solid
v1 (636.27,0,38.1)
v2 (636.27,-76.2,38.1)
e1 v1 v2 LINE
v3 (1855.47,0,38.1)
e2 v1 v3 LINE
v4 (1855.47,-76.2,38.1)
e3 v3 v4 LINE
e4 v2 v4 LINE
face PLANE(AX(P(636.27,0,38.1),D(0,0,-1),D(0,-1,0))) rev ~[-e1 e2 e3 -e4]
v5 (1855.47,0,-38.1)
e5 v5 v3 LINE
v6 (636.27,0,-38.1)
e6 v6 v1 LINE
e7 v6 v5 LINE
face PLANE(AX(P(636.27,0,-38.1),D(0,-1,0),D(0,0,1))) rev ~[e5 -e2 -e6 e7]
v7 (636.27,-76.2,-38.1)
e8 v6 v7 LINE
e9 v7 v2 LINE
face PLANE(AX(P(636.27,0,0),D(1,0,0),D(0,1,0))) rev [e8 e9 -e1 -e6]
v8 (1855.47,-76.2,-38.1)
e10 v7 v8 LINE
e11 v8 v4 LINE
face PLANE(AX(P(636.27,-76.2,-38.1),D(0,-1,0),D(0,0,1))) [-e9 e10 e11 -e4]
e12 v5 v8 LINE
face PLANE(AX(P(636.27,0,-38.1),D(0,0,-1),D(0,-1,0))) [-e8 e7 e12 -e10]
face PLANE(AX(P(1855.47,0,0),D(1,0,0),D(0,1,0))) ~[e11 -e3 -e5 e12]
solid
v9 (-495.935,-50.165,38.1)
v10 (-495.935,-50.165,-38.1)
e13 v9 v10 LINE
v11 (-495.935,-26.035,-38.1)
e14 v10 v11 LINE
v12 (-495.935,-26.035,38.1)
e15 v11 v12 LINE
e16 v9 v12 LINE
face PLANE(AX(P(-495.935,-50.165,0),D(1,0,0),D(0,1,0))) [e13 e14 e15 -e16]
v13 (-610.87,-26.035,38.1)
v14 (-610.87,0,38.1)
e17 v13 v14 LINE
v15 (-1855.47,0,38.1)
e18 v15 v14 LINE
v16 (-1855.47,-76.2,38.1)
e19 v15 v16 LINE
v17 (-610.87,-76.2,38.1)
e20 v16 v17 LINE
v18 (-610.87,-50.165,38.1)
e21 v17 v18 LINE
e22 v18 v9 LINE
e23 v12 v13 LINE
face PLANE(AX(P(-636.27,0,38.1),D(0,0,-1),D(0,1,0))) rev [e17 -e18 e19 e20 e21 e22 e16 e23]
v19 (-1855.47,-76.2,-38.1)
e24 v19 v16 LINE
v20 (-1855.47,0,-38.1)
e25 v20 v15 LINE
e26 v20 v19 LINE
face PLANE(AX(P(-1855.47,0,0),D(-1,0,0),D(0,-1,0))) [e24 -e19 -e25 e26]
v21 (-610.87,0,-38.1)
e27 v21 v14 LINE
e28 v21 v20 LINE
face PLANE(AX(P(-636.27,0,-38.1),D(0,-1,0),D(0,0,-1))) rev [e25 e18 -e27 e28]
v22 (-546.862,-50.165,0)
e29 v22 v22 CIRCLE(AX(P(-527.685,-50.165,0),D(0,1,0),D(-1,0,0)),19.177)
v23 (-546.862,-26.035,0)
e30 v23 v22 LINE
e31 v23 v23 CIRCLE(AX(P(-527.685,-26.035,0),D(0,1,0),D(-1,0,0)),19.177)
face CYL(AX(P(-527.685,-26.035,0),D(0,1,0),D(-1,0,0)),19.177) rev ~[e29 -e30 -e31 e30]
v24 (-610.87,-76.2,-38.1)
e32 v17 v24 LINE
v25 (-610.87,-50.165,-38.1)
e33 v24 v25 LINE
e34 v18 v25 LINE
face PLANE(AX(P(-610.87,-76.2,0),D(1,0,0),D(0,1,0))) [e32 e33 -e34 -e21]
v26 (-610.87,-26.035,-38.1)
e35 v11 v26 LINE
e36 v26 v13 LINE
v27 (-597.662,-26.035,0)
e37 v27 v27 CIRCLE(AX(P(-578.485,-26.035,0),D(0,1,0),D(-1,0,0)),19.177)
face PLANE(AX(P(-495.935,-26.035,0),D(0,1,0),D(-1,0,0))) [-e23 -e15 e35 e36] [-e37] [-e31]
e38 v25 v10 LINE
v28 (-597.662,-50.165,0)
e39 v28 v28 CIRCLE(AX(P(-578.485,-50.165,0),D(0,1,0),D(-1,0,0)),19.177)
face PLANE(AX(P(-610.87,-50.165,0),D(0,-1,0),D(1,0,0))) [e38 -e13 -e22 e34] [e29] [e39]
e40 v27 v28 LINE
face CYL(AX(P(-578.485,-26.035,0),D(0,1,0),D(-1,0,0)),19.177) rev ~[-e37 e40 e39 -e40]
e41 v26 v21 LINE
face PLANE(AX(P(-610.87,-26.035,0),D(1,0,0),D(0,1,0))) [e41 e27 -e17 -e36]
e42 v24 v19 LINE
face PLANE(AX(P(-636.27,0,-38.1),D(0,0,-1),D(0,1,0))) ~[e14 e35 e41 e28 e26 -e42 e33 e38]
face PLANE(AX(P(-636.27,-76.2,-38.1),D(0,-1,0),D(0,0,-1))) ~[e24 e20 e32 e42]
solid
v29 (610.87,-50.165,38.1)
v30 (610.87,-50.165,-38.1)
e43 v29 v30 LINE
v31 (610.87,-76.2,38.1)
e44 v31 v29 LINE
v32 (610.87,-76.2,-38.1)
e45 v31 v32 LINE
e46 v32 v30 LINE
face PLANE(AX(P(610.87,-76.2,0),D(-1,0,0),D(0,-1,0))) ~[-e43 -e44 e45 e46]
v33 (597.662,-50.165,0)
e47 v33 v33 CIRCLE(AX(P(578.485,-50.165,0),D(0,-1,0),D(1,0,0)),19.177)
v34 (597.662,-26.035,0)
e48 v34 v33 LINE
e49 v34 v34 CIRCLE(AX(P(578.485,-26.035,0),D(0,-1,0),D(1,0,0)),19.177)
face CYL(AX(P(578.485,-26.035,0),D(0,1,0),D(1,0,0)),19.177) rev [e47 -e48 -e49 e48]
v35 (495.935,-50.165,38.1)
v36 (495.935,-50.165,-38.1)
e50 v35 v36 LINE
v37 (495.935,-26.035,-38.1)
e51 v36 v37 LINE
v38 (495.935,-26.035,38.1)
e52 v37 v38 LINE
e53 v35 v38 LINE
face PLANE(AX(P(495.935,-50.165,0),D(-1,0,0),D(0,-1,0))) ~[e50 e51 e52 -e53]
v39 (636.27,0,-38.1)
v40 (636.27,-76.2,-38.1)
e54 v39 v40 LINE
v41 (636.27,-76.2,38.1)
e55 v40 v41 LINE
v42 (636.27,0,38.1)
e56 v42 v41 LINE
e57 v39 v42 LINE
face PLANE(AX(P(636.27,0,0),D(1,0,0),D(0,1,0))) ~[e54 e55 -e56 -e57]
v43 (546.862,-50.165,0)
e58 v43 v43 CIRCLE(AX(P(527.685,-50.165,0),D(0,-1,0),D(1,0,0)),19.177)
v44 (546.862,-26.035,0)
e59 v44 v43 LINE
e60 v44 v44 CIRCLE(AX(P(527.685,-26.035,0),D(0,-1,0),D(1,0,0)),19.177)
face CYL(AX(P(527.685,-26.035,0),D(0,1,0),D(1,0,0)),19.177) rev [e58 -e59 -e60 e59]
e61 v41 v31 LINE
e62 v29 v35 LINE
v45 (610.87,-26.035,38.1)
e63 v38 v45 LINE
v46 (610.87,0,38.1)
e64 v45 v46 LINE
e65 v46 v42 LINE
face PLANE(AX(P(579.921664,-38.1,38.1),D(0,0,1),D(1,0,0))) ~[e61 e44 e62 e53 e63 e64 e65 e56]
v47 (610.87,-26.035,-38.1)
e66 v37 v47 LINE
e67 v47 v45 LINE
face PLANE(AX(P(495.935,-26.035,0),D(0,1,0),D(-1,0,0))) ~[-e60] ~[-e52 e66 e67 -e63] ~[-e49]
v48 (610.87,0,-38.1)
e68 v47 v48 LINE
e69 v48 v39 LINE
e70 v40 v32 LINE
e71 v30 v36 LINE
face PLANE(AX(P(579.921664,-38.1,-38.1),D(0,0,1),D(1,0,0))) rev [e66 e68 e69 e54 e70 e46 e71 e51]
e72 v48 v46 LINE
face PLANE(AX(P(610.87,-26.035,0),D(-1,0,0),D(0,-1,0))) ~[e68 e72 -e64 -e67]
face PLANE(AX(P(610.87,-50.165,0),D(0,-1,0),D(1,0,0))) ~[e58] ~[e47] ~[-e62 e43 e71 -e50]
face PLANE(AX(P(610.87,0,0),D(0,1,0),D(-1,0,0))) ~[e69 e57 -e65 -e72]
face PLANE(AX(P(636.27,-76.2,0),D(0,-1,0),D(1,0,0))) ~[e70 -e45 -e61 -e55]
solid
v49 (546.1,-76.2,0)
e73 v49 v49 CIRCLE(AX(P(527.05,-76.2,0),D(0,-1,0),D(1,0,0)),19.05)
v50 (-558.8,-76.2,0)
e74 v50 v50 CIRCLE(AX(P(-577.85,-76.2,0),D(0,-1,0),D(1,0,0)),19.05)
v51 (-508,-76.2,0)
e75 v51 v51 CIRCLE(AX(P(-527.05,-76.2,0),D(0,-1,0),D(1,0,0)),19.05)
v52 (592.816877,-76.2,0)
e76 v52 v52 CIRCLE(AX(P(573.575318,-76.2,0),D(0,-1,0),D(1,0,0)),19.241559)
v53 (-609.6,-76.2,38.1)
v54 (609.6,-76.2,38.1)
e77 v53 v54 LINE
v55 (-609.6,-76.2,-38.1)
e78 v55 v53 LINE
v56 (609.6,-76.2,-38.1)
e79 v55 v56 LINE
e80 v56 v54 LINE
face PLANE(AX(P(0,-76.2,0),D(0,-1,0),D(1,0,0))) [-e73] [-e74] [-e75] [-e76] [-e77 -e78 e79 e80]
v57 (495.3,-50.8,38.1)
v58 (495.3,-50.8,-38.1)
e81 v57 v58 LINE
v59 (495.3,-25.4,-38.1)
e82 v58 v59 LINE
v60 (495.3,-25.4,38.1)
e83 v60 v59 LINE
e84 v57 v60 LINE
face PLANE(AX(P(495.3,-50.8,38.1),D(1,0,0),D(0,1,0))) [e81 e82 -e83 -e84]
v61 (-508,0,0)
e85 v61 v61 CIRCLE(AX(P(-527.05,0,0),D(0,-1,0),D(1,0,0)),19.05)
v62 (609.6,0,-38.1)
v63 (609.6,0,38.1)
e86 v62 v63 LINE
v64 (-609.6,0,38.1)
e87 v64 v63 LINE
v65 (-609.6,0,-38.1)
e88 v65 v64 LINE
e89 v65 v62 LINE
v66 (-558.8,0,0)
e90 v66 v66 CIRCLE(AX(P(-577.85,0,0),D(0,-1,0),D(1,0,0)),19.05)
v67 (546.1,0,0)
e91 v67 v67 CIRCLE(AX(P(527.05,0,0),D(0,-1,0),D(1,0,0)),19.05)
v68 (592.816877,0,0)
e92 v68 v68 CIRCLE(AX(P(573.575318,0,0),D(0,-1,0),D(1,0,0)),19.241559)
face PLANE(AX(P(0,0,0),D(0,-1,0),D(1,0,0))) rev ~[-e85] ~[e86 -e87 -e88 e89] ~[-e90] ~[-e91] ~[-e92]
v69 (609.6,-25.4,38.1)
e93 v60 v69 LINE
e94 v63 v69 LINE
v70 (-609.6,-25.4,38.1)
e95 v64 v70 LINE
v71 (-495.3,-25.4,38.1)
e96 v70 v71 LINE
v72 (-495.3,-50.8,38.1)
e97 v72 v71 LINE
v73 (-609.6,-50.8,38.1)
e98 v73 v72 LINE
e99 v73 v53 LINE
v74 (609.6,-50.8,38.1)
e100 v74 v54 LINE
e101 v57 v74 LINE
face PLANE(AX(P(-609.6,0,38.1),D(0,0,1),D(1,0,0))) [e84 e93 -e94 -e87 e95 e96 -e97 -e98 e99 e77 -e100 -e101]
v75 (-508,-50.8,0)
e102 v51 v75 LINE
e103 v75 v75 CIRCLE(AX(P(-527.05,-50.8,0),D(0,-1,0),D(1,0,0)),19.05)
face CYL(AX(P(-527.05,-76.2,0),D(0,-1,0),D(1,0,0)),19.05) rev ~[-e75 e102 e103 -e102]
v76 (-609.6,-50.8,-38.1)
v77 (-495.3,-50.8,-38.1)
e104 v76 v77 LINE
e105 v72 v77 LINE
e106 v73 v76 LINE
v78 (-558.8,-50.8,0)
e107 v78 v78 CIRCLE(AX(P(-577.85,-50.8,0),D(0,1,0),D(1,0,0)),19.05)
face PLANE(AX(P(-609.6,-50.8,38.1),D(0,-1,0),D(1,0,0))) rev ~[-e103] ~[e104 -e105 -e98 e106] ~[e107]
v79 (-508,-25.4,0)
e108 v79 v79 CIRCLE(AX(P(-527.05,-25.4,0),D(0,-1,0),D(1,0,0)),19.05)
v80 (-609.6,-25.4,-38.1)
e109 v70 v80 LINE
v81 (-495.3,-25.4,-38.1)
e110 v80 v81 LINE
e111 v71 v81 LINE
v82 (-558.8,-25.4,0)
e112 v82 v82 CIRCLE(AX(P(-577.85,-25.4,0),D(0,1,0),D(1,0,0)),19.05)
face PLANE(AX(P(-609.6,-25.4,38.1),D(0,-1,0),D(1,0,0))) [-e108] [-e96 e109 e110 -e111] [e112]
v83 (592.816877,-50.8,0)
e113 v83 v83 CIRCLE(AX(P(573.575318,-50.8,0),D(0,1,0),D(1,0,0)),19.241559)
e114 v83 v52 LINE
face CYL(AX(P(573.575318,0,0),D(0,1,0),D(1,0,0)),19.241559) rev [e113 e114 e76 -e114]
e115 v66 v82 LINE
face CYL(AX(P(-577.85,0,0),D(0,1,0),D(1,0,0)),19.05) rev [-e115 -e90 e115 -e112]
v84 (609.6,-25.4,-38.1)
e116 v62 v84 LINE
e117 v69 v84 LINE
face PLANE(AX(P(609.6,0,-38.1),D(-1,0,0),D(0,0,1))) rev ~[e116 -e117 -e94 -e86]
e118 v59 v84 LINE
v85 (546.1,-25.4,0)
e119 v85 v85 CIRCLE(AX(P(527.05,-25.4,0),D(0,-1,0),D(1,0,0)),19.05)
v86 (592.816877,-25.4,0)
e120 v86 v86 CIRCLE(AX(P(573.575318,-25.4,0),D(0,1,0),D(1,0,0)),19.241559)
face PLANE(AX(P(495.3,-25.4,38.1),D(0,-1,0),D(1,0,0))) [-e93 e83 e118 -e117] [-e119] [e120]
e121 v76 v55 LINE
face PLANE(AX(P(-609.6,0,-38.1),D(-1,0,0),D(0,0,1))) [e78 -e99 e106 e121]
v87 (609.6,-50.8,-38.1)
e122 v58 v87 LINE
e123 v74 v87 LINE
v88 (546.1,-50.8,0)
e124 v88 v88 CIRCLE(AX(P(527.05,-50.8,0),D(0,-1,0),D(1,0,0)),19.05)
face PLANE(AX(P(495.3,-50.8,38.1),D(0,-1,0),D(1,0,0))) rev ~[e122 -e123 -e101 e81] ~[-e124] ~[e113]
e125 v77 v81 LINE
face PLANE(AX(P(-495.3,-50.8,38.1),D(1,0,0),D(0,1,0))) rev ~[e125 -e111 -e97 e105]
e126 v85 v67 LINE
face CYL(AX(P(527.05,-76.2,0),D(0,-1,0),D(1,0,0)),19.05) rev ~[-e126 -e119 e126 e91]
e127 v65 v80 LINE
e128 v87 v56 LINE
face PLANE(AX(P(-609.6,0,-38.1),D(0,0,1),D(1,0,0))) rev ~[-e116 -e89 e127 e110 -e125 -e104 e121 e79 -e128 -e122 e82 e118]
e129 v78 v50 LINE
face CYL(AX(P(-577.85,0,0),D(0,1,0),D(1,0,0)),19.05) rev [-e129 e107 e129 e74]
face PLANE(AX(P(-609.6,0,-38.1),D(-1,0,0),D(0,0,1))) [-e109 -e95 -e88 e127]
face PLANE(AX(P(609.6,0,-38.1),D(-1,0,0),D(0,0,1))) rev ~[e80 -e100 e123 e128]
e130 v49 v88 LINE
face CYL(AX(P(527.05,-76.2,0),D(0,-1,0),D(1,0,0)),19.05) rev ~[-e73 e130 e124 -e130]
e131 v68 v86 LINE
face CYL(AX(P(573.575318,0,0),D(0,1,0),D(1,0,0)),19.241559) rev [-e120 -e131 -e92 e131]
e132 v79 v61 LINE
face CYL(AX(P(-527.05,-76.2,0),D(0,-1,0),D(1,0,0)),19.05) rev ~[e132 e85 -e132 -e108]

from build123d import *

# Parameters (mm, degrees)
F0_W      = 1219.2
F0_H      = 76.2
F0_R      = 19.05
F0_R_2    = 19.2415592486
F1_DEPTH  = 76.2
F2_W      = 114.3
F2_H      = 25.4
F3_DEPTH  = 76.2
F4_W      = 114.3
F4_H      = 25.4
F5_DEPTH  = 76.2
F6_R      = 19.05
F7_DEPTH  = 76.2
F9_DEPTH  = 38.1
F10_R     = 19.177
F11_DEPTH = 24.13
F13_DEPTH = 1219.2


with BuildPart() as f1:
    # F0 (on Front) → F1 (new body)
    with BuildSketch(Plane.XZ):
        Rectangle(F0_W, F0_H)
        with Locations((-577.85, 0)):
            Circle(F0_R, mode=Mode.SUBTRACT)
        with Locations((573.5753178596, 0)):
            Circle(F0_R_2, mode=Mode.SUBTRACT)
    extrude(amount=F1_DEPTH)

    # F2 (on face) → F3 (cut)
    with BuildSketch(Plane.XY.offset(38.1)):
        with Locations((-552.45, -38.1)):
            Rectangle(F2_W, F2_H)
    extrude(amount=-F3_DEPTH, mode=Mode.SUBTRACT)

    # F4 (on face) → F5 (cut)
    with BuildSketch(Plane.XY.offset(38.1)):
        with Locations((552.45, -38.1)):
            Rectangle(F4_W, F4_H)
    extrude(amount=-F5_DEPTH, mode=Mode.SUBTRACT)

    # F6 (on face) → F7 (cut)
    with BuildSketch(Plane.XZ.offset(76.2)):
        with Locations((-527.05, 0)):
            Circle(F6_R)
        with Locations((527.05, 0)):
            Circle(F6_R)
    extrude(amount=-F7_DEPTH, mode=Mode.SUBTRACT)


with BuildPart() as f9:
    # F8 (on Top) → F9 (new body, symmetric)
    with BuildSketch(Plane.XY):
        Polygon((-495.935, -50.165), (-495.935, -26.035), (-610.87, -26.035), (-610.87, 0), (-636.27, 0), (-636.27, -76.2), (-610.87, -76.2), (-610.87, -50.165), align=None)
    extrude(amount=F9_DEPTH, both=True)

    # F10 (on face) → F11 (cut, through all)
    with BuildSketch(Plane(origin=(0, -26.035, 0), x_dir=(-1, 0, 0), z_dir=(0, 1, 0))):
        with Locations((578.485, 0)):
            Circle(F10_R)
        with Locations((527.685, 0)):
            Circle(F10_R)
    extrude(amount=-F11_DEPTH, mode=Mode.SUBTRACT)


with BuildPart() as f12_1:
    # F12: instance of F9
    add(f9.part.mirror(Plane.YZ))


with BuildPart() as f13:
    # F13 (new): a face of the model
    f13_faces = [f12_1.part.faces().sort_by_distance(p)[0] for p in [
        (636.27, -38.1, 0),
    ]]
    extrude(f13_faces, amount=F13_DEPTH)


with BuildPart() as f9_1:
    add(f9.part)

    # F14: F13 across plane
    add(f13.part.mirror(Plane.YZ))


solid = Compound([f1.part, f12_1.part, f13.part, f9_1.part])
